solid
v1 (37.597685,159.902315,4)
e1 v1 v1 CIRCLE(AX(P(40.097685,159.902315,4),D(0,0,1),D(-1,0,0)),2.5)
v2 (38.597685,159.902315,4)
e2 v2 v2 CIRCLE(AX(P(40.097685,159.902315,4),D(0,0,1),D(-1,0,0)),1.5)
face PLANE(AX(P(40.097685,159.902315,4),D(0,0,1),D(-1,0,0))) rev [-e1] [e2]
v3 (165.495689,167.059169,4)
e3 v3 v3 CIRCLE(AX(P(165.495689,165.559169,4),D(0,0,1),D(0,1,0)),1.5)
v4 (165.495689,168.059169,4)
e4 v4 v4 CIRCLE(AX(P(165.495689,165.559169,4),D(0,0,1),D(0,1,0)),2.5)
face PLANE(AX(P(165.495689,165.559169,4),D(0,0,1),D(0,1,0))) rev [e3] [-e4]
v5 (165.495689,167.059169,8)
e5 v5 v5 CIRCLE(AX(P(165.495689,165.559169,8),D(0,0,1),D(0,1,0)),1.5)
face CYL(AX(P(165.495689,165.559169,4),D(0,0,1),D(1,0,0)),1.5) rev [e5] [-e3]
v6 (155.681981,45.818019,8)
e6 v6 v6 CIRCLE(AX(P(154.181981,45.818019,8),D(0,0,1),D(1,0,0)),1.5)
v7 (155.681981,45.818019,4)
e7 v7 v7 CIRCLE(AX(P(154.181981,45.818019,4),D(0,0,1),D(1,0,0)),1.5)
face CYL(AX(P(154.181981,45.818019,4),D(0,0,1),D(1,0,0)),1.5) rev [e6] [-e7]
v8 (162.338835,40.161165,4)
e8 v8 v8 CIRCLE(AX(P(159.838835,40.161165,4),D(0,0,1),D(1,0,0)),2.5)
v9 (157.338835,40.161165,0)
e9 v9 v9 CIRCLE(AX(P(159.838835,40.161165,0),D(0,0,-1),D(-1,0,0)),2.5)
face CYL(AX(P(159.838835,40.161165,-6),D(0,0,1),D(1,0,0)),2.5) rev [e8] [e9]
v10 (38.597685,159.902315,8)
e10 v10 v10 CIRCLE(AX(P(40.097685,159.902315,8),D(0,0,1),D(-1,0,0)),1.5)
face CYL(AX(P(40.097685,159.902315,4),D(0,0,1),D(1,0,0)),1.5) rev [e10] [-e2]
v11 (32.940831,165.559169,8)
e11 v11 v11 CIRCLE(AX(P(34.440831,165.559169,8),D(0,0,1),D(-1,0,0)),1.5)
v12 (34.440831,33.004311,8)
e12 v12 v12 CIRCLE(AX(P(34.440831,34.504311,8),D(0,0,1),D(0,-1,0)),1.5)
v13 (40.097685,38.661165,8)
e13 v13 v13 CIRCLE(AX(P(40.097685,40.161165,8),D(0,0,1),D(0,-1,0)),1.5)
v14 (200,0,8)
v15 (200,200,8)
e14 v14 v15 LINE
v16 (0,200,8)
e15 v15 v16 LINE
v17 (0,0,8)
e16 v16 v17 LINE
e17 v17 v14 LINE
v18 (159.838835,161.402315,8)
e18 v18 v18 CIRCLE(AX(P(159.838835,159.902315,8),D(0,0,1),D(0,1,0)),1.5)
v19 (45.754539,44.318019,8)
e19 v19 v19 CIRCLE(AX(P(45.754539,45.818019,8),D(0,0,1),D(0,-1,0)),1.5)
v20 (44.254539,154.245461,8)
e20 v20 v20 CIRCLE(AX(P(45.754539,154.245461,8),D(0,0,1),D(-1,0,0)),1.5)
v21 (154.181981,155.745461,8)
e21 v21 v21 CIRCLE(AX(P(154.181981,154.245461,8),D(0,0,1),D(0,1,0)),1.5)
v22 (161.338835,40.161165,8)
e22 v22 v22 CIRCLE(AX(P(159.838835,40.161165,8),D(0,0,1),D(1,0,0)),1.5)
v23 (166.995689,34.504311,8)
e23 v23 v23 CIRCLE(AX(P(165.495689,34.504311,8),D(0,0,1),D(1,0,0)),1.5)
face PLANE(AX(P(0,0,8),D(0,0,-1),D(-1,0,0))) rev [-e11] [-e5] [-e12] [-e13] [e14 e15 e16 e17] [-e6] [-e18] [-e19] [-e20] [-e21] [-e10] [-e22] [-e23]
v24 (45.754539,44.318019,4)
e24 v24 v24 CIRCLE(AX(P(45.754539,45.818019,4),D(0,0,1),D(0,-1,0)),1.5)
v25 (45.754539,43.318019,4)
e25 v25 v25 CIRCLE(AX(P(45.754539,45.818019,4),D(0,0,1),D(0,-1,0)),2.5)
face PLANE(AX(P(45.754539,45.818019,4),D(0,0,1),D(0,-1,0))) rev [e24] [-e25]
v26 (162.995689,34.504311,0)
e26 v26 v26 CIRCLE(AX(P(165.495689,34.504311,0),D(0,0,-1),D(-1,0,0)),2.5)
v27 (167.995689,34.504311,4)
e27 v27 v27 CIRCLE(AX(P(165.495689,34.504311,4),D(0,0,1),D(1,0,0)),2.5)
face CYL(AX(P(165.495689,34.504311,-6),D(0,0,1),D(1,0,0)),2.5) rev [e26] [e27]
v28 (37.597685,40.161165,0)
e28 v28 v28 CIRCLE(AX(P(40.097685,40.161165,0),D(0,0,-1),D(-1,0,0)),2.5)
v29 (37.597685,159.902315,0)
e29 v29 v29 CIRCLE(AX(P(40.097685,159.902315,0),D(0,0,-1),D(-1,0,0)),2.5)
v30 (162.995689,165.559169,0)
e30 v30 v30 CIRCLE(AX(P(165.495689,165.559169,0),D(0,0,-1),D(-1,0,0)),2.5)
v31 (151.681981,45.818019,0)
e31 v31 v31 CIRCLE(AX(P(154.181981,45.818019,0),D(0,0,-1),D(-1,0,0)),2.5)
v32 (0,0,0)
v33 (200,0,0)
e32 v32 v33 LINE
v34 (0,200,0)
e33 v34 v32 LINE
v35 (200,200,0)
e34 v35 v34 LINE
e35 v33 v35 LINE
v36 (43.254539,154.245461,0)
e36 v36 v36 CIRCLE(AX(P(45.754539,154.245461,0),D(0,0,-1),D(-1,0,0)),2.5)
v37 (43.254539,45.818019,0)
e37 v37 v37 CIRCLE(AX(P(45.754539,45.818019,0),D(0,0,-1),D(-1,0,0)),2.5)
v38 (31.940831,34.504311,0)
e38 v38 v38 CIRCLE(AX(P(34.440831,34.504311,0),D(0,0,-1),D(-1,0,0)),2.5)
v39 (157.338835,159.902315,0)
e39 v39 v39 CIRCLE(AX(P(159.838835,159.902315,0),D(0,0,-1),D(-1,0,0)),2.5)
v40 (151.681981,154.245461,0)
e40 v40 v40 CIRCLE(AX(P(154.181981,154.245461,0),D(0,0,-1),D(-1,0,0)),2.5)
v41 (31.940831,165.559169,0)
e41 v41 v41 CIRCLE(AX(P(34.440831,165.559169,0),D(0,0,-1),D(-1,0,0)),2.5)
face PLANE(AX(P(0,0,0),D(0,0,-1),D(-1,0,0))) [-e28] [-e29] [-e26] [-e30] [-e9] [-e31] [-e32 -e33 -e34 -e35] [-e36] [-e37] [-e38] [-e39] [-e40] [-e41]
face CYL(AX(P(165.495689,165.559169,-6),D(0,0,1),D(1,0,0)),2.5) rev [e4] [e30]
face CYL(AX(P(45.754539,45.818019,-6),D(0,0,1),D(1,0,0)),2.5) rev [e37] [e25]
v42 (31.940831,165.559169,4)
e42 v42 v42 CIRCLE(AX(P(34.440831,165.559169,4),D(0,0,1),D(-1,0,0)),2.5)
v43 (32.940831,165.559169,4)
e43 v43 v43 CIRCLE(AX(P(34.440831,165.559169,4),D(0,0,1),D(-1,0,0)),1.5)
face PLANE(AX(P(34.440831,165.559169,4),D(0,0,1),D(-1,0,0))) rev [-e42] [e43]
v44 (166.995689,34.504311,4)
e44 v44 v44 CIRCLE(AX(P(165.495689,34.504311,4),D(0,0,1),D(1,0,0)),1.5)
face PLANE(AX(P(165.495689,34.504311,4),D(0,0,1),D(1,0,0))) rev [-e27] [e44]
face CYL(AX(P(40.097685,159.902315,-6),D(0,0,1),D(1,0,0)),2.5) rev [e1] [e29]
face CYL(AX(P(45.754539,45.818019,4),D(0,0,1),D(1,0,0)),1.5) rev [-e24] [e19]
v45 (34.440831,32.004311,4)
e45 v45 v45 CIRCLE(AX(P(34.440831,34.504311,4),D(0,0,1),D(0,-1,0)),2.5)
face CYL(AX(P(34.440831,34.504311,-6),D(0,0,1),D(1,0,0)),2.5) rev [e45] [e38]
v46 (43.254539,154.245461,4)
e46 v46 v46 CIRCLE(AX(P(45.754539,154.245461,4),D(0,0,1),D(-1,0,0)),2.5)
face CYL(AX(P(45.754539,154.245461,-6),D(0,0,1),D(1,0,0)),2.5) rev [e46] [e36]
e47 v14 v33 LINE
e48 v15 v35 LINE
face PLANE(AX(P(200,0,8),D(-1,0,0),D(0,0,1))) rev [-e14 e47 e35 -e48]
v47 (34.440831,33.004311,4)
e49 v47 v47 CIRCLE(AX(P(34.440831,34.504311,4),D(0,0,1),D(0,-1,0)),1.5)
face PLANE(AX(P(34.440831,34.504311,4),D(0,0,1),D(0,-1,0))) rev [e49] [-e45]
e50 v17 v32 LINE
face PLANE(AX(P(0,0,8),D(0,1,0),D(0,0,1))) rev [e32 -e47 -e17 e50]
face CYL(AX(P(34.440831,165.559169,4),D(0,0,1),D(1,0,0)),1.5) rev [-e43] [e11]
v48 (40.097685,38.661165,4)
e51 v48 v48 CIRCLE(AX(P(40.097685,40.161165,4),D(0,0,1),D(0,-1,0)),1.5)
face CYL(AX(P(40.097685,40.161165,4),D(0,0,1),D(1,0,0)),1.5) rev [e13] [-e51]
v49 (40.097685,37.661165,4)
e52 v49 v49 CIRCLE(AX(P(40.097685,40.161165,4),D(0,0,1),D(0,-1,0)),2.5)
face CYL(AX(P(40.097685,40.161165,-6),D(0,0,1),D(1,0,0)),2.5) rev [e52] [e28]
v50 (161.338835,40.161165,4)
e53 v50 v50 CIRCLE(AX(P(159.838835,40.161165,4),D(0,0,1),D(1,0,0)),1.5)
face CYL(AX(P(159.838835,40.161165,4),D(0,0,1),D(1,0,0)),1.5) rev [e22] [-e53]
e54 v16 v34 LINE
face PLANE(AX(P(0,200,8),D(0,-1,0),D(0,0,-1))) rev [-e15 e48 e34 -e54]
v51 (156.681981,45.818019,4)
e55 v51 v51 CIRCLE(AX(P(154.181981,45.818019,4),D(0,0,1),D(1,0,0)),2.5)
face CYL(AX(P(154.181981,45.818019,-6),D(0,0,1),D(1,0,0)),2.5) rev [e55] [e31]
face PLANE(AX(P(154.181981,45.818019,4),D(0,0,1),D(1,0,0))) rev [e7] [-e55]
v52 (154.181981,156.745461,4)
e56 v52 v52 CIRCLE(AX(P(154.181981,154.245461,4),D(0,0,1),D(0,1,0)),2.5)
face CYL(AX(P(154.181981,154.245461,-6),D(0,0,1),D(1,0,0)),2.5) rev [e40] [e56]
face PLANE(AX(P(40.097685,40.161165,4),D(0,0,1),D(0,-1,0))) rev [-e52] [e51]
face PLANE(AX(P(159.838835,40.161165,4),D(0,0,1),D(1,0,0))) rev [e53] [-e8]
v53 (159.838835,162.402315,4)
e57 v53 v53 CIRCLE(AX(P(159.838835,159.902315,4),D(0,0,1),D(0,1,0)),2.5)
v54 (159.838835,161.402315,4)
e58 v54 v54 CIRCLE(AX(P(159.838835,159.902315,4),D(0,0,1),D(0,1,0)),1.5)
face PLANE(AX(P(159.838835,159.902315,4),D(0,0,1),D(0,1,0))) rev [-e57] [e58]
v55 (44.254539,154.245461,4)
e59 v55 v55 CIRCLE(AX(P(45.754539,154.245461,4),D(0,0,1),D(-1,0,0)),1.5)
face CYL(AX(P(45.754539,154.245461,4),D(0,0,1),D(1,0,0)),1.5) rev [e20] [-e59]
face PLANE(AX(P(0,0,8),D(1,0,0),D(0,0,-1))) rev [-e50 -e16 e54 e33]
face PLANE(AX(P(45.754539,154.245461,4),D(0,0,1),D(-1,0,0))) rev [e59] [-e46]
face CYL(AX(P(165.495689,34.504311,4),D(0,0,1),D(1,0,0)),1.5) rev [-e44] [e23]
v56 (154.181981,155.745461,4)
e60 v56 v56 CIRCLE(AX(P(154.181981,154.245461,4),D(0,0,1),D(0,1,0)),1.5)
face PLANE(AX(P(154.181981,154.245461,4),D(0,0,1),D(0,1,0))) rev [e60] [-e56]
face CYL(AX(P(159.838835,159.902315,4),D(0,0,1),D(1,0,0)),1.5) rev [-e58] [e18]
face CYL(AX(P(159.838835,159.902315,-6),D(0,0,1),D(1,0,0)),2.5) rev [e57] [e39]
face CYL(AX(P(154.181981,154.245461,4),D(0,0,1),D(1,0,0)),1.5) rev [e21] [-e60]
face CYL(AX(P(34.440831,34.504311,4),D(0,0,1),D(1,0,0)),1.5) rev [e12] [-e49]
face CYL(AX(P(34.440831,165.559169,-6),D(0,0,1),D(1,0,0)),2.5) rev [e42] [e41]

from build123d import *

# Parameters (mm, degrees)
SKETCH1_W           = 200
SKETCH1_H           = 200
BOSS_EXTRUDE1_DEPTH = 8
SKETCH3_R           = 1.5
CUT_EXTRUDE1_DEPTH  = 4
SKETCH4_R           = 2.5
CUT_EXTRUDE2_DEPTH  = 10
CIRPATTERN1_COUNT   = 4


with BuildPart() as part:
    # Sketch1 → Boss-Extrude1 (new body)
    with BuildSketch(Plane.XY):
        with Locations((100, 100)):
            Rectangle(SKETCH1_W, SKETCH1_H)
    extrude(amount=BOSS_EXTRUDE1_DEPTH)

    # Sketch3 → Cut-Extrude1 (cut)
    with BuildSketch(Plane.XY.offset(8)):
        with Locations((165.495689012, 34.504310988)):
            Circle(SKETCH3_R)
        with Locations((159.838834762, 40.161165238)):
            Circle(SKETCH3_R)
        with Locations((154.181980513, 45.818019487)):
            Circle(SKETCH3_R)
    cut_extrude1 = extrude(amount=-CUT_EXTRUDE1_DEPTH, mode=Mode.SUBTRACT)

    # Sketch4 → Cut-Extrude2 (cut)
    with BuildSketch(Plane.XY.offset(4)):
        with Locations((154.181980513, 45.818019487)):
            Circle(SKETCH4_R)
        with Locations((159.838834762, 40.161165238)):
            Circle(SKETCH4_R)
        with Locations((165.495689012, 34.504310988)):
            Circle(SKETCH4_R)
    cut_extrude2 = extrude(amount=-CUT_EXTRUDE2_DEPTH, mode=Mode.SUBTRACT)

    # CirPattern1: Cut-Extrude1, Cut-Extrude2 ×4 about axis
    cirpattern1_axis = Axis((99.968259988, 100.031740012, 8), (0, 0, 1))
    add([cut_extrude1.rotate(cirpattern1_axis, i * 360 / CIRPATTERN1_COUNT) for i in range(1, CIRPATTERN1_COUNT)], mode=Mode.SUBTRACT)
    add([cut_extrude2.rotate(cirpattern1_axis, i * 360 / CIRPATTERN1_COUNT) for i in range(1, CIRPATTERN1_COUNT)], mode=Mode.SUBTRACT)


solid = part.part
